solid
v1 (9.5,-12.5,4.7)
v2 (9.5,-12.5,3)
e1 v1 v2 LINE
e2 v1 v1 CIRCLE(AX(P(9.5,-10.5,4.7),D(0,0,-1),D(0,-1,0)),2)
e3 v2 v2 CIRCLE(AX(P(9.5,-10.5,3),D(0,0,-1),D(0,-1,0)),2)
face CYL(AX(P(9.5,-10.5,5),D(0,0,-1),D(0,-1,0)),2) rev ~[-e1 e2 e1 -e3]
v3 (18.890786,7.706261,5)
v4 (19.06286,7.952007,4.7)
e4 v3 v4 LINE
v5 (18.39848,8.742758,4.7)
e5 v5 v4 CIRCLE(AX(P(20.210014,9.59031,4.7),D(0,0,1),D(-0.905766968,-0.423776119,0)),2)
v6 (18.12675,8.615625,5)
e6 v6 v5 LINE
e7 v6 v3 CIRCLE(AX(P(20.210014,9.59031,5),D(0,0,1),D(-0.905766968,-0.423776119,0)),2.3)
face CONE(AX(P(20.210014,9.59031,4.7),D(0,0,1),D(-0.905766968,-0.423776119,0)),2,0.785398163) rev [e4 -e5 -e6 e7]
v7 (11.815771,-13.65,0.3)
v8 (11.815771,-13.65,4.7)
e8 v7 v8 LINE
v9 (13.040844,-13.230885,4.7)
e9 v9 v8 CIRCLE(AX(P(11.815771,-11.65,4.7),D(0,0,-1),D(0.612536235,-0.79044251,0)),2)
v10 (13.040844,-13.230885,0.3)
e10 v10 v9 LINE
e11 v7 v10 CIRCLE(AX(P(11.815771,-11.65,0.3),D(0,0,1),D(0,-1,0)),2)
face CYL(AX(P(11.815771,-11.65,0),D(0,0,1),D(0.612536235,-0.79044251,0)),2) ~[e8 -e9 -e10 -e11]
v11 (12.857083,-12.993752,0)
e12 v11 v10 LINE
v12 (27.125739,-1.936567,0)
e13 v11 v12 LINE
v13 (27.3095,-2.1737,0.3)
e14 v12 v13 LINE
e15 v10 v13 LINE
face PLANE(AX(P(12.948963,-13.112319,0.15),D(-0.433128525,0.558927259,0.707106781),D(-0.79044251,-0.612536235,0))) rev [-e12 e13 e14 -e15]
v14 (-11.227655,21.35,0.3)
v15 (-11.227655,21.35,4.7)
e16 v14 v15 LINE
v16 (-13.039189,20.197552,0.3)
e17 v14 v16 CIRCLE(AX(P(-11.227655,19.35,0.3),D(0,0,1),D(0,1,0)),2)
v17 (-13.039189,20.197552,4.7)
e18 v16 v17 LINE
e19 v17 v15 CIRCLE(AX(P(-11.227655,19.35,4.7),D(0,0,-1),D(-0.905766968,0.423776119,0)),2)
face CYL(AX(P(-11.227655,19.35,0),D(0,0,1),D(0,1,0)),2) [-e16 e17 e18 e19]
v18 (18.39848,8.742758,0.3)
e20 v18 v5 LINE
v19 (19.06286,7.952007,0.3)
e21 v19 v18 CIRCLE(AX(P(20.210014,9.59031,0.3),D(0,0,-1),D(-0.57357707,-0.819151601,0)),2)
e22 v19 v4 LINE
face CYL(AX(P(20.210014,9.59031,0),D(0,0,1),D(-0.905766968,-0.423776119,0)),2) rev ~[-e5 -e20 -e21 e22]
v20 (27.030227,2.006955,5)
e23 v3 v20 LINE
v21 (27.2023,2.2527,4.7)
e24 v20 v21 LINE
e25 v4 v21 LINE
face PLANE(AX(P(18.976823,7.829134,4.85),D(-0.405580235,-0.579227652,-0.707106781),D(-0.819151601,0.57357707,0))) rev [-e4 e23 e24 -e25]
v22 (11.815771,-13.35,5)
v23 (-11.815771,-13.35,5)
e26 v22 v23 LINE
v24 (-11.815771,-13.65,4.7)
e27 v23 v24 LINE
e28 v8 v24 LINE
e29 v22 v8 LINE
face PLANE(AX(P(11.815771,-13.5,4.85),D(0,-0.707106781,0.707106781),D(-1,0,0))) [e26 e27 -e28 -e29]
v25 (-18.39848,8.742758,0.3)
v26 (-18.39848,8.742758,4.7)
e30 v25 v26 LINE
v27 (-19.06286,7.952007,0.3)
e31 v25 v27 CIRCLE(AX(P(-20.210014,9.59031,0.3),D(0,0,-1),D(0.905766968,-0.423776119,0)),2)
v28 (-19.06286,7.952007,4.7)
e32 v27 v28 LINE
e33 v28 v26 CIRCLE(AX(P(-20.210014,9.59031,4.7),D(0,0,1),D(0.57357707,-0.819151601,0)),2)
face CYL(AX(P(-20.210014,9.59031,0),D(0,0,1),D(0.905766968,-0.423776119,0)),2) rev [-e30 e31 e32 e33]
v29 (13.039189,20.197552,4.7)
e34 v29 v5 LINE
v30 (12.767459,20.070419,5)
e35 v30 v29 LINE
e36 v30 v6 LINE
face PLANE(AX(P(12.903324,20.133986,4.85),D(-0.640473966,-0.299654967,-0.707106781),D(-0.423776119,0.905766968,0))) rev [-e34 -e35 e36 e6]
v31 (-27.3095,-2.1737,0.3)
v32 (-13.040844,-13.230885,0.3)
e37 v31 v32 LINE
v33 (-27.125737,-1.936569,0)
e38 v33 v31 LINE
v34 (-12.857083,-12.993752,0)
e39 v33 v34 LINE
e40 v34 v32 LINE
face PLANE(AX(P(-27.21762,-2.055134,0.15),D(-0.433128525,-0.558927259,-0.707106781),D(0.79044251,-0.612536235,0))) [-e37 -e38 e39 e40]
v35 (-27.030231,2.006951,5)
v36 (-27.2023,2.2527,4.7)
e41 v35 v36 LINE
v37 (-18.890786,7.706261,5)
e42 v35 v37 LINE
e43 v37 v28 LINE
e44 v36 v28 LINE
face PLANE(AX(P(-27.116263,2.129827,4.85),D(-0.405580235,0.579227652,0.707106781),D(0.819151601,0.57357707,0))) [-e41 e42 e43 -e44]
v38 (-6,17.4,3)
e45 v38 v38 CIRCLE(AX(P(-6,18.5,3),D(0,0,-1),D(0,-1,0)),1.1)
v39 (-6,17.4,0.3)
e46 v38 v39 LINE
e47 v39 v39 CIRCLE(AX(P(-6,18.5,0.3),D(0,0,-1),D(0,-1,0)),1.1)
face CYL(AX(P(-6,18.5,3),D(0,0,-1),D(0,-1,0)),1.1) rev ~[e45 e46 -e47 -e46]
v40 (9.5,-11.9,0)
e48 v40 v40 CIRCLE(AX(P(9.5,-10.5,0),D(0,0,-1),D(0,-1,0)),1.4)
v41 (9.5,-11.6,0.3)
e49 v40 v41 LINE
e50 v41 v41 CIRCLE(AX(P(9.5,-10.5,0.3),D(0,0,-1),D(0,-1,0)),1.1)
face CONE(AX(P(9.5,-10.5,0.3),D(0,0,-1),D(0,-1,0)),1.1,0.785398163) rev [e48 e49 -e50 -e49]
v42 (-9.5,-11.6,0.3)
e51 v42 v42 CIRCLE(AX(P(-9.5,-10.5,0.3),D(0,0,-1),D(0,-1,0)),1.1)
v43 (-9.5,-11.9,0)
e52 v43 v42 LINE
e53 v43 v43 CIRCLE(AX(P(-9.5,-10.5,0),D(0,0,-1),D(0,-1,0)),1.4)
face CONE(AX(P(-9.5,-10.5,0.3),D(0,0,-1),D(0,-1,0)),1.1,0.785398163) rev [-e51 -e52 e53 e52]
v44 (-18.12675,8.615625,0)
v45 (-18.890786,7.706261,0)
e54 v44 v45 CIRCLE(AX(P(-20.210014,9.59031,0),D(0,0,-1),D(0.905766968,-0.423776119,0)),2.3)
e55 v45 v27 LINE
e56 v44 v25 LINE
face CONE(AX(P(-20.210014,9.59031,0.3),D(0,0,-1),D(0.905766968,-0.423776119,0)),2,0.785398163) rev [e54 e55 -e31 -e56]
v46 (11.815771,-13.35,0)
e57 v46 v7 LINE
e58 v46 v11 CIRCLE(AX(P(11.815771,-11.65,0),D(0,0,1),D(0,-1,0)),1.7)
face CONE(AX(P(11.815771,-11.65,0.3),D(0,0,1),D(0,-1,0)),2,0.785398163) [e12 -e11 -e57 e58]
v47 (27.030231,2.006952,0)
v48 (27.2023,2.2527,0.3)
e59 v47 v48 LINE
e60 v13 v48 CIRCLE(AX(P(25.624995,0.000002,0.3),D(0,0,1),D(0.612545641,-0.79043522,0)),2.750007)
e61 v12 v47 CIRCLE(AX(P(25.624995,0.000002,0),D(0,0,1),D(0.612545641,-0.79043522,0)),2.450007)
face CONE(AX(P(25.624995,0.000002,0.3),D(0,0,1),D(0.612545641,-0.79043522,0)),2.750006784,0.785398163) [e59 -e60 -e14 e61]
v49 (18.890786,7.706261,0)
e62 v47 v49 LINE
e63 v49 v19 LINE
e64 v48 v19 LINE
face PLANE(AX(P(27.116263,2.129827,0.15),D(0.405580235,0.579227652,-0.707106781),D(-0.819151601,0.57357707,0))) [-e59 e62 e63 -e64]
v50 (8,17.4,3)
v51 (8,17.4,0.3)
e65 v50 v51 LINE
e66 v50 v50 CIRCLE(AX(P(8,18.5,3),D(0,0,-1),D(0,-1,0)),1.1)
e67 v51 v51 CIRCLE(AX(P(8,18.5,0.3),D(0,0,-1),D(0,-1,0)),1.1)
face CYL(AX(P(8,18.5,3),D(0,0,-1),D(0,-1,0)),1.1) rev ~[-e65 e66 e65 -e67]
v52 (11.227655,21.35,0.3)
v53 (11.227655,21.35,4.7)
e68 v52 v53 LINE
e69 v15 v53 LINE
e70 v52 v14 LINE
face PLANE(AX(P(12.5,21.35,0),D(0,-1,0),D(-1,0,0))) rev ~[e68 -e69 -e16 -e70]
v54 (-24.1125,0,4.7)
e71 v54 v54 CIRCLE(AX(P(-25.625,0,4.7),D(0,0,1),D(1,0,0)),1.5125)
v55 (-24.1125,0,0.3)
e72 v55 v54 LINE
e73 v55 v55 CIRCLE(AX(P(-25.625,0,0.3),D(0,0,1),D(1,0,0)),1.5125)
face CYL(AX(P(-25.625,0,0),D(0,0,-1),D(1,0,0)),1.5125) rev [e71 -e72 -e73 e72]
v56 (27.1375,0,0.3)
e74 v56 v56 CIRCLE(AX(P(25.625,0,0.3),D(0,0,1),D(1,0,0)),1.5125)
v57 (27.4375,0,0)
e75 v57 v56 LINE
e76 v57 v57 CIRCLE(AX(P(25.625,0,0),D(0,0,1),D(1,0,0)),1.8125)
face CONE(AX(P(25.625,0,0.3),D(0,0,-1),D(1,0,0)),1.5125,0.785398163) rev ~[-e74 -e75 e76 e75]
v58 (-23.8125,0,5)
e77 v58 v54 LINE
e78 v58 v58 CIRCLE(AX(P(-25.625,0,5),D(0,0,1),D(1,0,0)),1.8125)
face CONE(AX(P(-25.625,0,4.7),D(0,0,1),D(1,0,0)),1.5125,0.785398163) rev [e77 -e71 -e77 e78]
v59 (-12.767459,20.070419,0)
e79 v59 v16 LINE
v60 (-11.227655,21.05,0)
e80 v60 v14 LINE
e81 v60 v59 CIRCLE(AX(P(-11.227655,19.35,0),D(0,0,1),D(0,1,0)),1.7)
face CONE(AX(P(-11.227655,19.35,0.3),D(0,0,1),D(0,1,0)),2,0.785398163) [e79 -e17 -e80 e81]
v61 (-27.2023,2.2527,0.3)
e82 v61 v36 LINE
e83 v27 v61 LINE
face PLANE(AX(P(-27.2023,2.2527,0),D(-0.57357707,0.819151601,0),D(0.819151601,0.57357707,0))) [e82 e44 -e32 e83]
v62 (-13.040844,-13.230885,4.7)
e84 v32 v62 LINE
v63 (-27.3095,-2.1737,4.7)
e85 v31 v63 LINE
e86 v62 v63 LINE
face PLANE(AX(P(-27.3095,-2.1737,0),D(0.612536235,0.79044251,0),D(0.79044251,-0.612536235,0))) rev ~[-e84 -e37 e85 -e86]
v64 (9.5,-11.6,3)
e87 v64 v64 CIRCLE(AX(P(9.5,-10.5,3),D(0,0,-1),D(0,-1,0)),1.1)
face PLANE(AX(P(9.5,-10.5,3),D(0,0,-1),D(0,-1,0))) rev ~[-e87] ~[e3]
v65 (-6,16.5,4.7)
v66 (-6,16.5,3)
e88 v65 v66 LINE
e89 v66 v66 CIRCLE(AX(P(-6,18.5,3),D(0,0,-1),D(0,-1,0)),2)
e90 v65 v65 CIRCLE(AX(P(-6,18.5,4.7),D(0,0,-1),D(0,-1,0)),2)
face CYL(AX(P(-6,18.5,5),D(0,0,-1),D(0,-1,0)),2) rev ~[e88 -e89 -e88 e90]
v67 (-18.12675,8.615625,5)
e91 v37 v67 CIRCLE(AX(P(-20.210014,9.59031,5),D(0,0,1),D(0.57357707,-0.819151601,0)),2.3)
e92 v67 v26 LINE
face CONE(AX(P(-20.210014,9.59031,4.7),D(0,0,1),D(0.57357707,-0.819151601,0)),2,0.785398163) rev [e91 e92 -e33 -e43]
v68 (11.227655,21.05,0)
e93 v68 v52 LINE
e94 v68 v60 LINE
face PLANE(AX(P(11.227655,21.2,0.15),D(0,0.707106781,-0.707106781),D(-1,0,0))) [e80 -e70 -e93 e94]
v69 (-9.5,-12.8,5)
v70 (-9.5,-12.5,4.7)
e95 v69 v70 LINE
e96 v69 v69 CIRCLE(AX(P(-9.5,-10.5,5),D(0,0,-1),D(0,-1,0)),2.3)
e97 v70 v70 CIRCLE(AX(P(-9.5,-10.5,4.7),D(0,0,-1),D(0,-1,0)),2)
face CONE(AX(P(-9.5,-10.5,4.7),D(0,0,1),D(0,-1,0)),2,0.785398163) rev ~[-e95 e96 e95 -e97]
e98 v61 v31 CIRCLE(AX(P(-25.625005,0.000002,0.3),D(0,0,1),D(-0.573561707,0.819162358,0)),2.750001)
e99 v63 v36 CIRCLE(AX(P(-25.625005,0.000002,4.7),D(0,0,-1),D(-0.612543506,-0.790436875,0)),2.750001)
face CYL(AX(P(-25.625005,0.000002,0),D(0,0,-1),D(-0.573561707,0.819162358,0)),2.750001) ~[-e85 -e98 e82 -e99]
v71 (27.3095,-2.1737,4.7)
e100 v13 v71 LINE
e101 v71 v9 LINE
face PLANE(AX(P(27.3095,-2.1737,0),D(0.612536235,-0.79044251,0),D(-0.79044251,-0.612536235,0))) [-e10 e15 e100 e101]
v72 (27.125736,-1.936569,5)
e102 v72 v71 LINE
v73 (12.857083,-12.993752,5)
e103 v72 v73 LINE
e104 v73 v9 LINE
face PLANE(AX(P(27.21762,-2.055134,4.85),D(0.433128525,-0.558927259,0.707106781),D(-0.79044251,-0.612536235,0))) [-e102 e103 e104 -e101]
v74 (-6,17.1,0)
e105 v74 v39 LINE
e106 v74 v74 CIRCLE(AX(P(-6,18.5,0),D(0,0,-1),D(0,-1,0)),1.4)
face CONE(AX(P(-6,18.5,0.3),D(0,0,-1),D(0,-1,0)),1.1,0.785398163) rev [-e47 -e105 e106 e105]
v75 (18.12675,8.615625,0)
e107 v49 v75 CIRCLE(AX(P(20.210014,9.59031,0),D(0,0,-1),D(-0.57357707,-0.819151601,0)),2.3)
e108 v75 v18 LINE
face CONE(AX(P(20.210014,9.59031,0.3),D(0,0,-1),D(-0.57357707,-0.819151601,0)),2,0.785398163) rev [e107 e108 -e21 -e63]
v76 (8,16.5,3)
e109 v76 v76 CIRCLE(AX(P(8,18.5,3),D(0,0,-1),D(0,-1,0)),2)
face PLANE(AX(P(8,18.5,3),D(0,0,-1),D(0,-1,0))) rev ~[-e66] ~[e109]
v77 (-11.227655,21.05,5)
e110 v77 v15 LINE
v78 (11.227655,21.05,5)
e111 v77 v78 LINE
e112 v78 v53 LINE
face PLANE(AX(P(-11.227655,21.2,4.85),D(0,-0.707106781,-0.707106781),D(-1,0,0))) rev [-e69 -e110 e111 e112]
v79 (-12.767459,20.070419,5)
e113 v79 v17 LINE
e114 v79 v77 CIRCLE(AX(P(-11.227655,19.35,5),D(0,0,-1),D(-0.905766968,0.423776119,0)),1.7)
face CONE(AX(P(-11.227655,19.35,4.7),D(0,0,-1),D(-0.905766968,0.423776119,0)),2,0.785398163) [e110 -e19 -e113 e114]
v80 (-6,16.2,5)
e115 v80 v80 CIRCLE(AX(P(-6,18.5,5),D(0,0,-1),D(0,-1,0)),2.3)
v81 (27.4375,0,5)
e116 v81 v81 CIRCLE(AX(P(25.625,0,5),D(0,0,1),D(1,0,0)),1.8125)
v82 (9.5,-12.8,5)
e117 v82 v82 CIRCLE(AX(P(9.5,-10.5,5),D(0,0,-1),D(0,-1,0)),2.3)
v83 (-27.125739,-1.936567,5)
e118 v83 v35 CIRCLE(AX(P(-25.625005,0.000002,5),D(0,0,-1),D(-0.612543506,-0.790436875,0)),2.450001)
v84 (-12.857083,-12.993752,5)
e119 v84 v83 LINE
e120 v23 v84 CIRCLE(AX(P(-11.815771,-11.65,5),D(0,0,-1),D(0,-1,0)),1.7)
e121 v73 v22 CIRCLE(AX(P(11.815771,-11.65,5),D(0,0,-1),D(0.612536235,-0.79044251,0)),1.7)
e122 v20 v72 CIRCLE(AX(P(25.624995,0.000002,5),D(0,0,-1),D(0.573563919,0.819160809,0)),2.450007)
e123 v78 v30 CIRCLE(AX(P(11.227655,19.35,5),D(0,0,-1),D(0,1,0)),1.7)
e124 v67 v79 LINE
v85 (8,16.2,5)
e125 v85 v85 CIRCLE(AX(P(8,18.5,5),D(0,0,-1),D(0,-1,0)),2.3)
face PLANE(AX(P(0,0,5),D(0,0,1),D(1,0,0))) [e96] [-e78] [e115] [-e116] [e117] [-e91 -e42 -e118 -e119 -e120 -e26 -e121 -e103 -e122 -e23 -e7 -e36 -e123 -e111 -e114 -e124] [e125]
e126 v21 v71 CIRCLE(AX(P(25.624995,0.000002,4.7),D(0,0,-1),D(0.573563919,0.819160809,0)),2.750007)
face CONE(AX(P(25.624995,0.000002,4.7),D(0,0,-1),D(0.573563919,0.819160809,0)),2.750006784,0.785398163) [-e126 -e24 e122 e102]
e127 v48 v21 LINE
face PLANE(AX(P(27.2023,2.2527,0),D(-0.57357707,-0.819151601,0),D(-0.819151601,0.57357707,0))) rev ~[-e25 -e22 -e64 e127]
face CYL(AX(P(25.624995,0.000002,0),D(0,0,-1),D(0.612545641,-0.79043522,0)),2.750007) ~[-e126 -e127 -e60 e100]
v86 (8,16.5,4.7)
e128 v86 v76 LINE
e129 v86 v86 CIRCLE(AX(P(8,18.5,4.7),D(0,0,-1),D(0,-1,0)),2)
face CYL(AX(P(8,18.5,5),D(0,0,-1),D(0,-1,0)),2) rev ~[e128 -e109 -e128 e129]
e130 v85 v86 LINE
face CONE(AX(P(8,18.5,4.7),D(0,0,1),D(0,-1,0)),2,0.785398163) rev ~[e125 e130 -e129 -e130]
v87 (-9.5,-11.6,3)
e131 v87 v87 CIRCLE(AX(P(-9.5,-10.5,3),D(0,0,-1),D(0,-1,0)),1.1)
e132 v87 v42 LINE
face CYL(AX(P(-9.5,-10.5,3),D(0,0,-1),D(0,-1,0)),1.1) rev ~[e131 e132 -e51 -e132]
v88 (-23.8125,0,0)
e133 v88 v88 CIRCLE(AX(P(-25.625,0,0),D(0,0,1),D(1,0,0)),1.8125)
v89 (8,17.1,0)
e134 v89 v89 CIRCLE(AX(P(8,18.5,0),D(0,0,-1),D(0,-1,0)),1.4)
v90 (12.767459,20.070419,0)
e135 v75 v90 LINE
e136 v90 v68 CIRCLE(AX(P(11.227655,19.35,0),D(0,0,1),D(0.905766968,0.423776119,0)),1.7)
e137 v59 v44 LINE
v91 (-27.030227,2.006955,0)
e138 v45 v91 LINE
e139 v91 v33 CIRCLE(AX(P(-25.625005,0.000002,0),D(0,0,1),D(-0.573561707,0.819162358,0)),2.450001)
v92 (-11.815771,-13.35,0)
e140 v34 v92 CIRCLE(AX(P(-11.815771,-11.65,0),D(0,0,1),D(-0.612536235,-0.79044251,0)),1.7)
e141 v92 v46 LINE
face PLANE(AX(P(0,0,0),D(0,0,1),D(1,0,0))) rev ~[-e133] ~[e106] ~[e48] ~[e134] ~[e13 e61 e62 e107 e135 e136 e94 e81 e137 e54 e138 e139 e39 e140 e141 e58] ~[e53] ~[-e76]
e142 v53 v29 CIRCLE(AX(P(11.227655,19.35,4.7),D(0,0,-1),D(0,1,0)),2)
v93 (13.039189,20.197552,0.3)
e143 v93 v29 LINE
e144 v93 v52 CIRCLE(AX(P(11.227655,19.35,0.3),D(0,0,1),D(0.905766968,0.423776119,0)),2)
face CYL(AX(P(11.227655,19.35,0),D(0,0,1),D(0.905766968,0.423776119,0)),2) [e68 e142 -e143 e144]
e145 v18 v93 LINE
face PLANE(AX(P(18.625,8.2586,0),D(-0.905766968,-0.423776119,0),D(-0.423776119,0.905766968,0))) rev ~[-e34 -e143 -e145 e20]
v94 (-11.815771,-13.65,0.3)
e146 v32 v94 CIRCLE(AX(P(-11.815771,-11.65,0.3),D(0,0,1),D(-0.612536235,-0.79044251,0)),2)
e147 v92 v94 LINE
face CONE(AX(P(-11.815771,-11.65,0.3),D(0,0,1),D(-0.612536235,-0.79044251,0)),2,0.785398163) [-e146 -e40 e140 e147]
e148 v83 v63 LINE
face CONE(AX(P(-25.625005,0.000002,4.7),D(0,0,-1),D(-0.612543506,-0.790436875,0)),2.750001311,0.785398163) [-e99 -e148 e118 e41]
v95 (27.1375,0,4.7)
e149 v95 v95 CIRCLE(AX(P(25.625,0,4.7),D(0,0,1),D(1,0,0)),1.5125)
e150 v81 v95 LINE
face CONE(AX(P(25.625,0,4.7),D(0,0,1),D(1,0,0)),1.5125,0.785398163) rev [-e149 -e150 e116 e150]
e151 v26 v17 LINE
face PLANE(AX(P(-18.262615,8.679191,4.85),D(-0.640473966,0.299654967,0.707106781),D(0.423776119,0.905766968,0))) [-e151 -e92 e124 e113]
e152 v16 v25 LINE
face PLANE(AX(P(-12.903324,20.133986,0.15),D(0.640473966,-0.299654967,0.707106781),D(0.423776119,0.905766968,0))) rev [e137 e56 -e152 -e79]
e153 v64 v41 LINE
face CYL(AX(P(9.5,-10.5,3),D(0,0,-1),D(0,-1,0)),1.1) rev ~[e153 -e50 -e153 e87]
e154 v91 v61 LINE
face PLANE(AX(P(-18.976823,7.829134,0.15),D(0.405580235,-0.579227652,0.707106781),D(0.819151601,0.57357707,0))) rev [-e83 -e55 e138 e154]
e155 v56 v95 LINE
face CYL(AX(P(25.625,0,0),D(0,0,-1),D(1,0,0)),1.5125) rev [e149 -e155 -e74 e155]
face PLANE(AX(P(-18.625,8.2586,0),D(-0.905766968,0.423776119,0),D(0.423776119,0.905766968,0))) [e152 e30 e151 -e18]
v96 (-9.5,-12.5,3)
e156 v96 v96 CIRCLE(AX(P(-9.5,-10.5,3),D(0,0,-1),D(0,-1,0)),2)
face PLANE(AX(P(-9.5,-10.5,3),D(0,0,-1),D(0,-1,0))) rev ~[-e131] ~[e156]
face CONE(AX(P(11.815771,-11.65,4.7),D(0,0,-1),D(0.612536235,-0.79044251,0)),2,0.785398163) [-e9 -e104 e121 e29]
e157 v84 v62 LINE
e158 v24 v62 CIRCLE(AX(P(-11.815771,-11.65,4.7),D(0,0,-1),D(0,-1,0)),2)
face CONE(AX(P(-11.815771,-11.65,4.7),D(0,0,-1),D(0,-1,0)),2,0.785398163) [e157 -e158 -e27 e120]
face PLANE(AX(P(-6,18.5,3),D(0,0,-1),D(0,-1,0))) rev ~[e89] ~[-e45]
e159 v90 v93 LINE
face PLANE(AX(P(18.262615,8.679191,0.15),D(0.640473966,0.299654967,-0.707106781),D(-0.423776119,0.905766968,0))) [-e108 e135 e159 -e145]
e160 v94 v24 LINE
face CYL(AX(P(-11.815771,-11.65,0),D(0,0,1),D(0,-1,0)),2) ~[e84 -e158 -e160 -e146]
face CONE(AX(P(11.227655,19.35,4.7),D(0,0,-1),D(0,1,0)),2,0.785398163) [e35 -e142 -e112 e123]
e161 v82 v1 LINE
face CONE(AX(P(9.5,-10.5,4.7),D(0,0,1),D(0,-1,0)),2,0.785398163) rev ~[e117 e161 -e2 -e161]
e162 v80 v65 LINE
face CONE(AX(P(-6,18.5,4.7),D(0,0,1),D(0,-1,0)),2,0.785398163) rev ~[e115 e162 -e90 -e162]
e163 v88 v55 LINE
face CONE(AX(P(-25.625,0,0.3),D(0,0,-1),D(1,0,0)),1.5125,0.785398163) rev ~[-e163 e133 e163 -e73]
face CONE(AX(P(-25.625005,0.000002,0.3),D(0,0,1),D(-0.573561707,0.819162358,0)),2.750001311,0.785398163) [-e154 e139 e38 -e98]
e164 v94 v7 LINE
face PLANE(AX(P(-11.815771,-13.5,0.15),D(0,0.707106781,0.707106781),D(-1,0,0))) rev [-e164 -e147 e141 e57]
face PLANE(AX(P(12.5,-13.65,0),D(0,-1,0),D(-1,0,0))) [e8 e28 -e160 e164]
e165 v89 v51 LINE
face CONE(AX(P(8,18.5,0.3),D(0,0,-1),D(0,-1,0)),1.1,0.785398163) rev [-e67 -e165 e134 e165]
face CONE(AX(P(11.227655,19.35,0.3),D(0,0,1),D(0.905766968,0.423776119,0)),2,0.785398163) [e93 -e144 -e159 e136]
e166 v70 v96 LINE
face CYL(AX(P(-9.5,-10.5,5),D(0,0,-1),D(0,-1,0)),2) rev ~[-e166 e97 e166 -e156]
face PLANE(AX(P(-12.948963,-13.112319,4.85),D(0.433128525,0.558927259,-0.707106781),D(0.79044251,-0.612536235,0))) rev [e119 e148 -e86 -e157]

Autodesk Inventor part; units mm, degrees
ref_plane "YZ Plane" through (0, 0, 0) normal (1, 0, 0) x (0, 1, 0)
ref_plane "XZ Plane" through (0, 0, 0) normal (0, 1, 0) x (-1, 0, 0)
ref_plane "XY Plane" through (0, 0, 0) normal (0, 0, 1) x (1, 0, 0)
sketch "Sketch1" plane through (0, 0, 0) normal (0, 0, 1) x (1, 0, 0)
  circle A0 centre (25.625, 0) radius 1.5125
  line L0 (12.5, 21.35) -> (0, 21.35)
  line L1 (0, -20.65) -> (0, 28.35) construction
  line L2 (-39.7989, 0) -> (39.7989, 0) construction
  line L3 (27.3095, -2.1737) -> (12.5, -13.65)
  line L4 (12.5, -13.65) -> (0, -13.65)
  arc A1 (27.3095, -2.1737) -> (27.2023, 2.2527) centre (25.625, 0) ccw
  circle A2 centre (-25.625, 0) radius 1.5125
  line L5 (-12.5, 21.35) -> (0, 21.35)
  line L6 (-27.3095, -2.1737) -> (-12.5, -13.65)
  line L7 (-12.5, -13.65) -> (0, -13.65)
  arc A3 (-27.2023, 2.2527) -> (-27.3095, -2.1737) centre (-25.625, 0) ccw
  line L8 (27.2023, 2.2527) -> (18.625, 8.2586)
  line L9 (18.625, 8.2586) -> (12.5, 21.35)
  line L10 (-27.2023, 2.2527) -> (-18.625, 8.2586)
  line L11 (-18.625, 8.2586) -> (-12.5, 21.35)
  point P0 (0, 0)
  dimension "d0" = 51.25
  dimension "d1" = 3.025
  dimension "d2" = 2.75
  dimension "d84" = 21.35
  dimension "d85" = 13.65
  dimension "d86" = 25
  dimension "d87" = 25
  dimension "d88" = 35
  dimension "d89" = 7
extrude "Extrusion1" add sketch "Sketch1" along normal blind 5
sketch "Sketch4" plane through (0, 0, 5) normal (0, 0, 1) x (1, 0, 0)
  line L0 (-39.725, 0) -> (39.725, 0) construction
  line L1 (0, -20.65) -> (0, 28.35) construction
  point P0 (0, 0)
  point P1 (9.5, -10.5)
  point P2 (8, 18.5)
  point P3 (-6, 18.5)
  point P4 (-9.5, -10.5)
  dimension "d90" = 10.5
  dimension "d91" = 9.5
  dimension "d92" = 18.5
  dimension "d93" = 18.5
  dimension "d94" = 8
  dimension "d95" = 6
hole "Hole2" at (9.5, -10.5, 5) at (8, 18.5, 5) at (-6, 18.5, 5) at (-9.5, -10.5, 5) direction (0, 0, -1) diameter 2.2 end through all counterbore diameter 4 counterbore depth 2
fillet "Fillet5" radius 2 6 edges at (-18.625, 8.2586, 2.5) (18.625, 8.2586, 2.5) (12.5, -13.65, 2.5) (-12.5, -13.65, 2.5) (12.5, 21.35, 2.5) (-12.5, 21.35, 2.5)
chamfer "Chamfer4" distance 0.3 angle 45 44 edges at (0, 21.35, 5) (-12.3012, 21.0375, 5) (-15.7188, 14.4701, 5) (-18.6787, 8.3037, 5) (-23.1326, 5.1023, 5) (-28.3742, 0.0665, 5) (12.3012, 21.0375, 5) (15.7188, 14.4701, 5) (18.6787, 8.3037, 5) (23.1326, 5.1023, 5) (28.3742, 0.0665, 5) (0, 21.35, 0) (12.3012, 21.0375, 0) (15.7188, 14.4701, 0) (18.6787, 8.3037, 0) (23.1326, 5.1023, 0) (28.3742, 0.0665, 0) (-12.3012, 21.0375, 0) (-15.7188, 14.4701, 0) (-18.6787, 8.3037, 0) (-23.1326, 5.1023, 0) (-28.3742, 0.0665, 0) (-20.1752, -7.7023, 5) (-12.4632, -13.5423, 5) (0, -13.65, 5) (12.4632, -13.5423, 5) (20.1752, -7.7023, 5) (-20.1752, -7.7023, 0) (-12.4632, -13.5423, 0) (0, -13.65, 0) (12.4632, -13.5423, 0) (20.1752, -7.7023, 0) (-27.1375, 0, 0) (-9.5, -9.4, 0) (9.5, -9.4, 0) (-6, 19.6, 0) (8, 19.6, 0) (24.1125, 0, 0) (-27.1375, 0, 5) (24.1125, 0, 5) (-9.5, -8.5, 5) (9.5, -8.5, 5) (-6, 20.5, 5) (8, 20.5, 5)
equation "\"d0\" = dist_hinge_points"
equation "\"d1\" = bore_clearance"
equation "\"d104\" = champfer"
equation "\"finger_width\" = 25"
equation "\"finger_thickness\" = 8"
equation "\"finger_part_A_length\" = 42.8625"
equation "\"finger_part_B_length\" = 28.575"
equation "\"finger_link_width\" = 3.5"
equation "\"finger_link_clearence\" = 0.075"
equation "\"tol\" = 0.5 * finger_link_clearence"
equation "\"link_tol\" = 0.254"
equation "\"bore_press\" = 2.925"
equation "\"bore_clearance\" = 3.025"
equation "\"bar_diameter\" = 6.5"
equation "\"bar_thickness\" = 4"
equation "\"bar_width\" = 7"
equation "\"hinge_dist_sym_plane\" = 4"
equation "\"hinge_thickness\" = 3"
equation "\"hinge_act_length_c\" = 7.62"
equation "\"hinge_act_length_bc\" = 16.66875"
equation "\"hinge_act_length_ab\" = 11.049"
equation "\"hinge_act_length_a\" = 21.43125"
equation "\"hinge_guid_length_c\" = 9.525"
equation "\"hinge_guid_length_bc\" = 9.525"
equation "\"hinge_guid_length_ab\" = 17.145"
equation "\"hinge_guid_length_a\" = 17.145"
equation "\"bar_length_bc\" = finger_part_B_length"
equation "\"bar_act_length_ab\" = 40.48125"
equation "\"bar_guid_length_ab\" = 43.275"
equation "\"champfer\" = 0.3"
equation "\"fillet\" = 0.4"
equation "\"hinge_point\" = 15"
equation "\"dist_finger_BC\" = 56.5"
equation "\"gear_diameter\" = 14"
equation "\"dist_hinge_points\" = 51.25"
properties part number "tilt-guide"
